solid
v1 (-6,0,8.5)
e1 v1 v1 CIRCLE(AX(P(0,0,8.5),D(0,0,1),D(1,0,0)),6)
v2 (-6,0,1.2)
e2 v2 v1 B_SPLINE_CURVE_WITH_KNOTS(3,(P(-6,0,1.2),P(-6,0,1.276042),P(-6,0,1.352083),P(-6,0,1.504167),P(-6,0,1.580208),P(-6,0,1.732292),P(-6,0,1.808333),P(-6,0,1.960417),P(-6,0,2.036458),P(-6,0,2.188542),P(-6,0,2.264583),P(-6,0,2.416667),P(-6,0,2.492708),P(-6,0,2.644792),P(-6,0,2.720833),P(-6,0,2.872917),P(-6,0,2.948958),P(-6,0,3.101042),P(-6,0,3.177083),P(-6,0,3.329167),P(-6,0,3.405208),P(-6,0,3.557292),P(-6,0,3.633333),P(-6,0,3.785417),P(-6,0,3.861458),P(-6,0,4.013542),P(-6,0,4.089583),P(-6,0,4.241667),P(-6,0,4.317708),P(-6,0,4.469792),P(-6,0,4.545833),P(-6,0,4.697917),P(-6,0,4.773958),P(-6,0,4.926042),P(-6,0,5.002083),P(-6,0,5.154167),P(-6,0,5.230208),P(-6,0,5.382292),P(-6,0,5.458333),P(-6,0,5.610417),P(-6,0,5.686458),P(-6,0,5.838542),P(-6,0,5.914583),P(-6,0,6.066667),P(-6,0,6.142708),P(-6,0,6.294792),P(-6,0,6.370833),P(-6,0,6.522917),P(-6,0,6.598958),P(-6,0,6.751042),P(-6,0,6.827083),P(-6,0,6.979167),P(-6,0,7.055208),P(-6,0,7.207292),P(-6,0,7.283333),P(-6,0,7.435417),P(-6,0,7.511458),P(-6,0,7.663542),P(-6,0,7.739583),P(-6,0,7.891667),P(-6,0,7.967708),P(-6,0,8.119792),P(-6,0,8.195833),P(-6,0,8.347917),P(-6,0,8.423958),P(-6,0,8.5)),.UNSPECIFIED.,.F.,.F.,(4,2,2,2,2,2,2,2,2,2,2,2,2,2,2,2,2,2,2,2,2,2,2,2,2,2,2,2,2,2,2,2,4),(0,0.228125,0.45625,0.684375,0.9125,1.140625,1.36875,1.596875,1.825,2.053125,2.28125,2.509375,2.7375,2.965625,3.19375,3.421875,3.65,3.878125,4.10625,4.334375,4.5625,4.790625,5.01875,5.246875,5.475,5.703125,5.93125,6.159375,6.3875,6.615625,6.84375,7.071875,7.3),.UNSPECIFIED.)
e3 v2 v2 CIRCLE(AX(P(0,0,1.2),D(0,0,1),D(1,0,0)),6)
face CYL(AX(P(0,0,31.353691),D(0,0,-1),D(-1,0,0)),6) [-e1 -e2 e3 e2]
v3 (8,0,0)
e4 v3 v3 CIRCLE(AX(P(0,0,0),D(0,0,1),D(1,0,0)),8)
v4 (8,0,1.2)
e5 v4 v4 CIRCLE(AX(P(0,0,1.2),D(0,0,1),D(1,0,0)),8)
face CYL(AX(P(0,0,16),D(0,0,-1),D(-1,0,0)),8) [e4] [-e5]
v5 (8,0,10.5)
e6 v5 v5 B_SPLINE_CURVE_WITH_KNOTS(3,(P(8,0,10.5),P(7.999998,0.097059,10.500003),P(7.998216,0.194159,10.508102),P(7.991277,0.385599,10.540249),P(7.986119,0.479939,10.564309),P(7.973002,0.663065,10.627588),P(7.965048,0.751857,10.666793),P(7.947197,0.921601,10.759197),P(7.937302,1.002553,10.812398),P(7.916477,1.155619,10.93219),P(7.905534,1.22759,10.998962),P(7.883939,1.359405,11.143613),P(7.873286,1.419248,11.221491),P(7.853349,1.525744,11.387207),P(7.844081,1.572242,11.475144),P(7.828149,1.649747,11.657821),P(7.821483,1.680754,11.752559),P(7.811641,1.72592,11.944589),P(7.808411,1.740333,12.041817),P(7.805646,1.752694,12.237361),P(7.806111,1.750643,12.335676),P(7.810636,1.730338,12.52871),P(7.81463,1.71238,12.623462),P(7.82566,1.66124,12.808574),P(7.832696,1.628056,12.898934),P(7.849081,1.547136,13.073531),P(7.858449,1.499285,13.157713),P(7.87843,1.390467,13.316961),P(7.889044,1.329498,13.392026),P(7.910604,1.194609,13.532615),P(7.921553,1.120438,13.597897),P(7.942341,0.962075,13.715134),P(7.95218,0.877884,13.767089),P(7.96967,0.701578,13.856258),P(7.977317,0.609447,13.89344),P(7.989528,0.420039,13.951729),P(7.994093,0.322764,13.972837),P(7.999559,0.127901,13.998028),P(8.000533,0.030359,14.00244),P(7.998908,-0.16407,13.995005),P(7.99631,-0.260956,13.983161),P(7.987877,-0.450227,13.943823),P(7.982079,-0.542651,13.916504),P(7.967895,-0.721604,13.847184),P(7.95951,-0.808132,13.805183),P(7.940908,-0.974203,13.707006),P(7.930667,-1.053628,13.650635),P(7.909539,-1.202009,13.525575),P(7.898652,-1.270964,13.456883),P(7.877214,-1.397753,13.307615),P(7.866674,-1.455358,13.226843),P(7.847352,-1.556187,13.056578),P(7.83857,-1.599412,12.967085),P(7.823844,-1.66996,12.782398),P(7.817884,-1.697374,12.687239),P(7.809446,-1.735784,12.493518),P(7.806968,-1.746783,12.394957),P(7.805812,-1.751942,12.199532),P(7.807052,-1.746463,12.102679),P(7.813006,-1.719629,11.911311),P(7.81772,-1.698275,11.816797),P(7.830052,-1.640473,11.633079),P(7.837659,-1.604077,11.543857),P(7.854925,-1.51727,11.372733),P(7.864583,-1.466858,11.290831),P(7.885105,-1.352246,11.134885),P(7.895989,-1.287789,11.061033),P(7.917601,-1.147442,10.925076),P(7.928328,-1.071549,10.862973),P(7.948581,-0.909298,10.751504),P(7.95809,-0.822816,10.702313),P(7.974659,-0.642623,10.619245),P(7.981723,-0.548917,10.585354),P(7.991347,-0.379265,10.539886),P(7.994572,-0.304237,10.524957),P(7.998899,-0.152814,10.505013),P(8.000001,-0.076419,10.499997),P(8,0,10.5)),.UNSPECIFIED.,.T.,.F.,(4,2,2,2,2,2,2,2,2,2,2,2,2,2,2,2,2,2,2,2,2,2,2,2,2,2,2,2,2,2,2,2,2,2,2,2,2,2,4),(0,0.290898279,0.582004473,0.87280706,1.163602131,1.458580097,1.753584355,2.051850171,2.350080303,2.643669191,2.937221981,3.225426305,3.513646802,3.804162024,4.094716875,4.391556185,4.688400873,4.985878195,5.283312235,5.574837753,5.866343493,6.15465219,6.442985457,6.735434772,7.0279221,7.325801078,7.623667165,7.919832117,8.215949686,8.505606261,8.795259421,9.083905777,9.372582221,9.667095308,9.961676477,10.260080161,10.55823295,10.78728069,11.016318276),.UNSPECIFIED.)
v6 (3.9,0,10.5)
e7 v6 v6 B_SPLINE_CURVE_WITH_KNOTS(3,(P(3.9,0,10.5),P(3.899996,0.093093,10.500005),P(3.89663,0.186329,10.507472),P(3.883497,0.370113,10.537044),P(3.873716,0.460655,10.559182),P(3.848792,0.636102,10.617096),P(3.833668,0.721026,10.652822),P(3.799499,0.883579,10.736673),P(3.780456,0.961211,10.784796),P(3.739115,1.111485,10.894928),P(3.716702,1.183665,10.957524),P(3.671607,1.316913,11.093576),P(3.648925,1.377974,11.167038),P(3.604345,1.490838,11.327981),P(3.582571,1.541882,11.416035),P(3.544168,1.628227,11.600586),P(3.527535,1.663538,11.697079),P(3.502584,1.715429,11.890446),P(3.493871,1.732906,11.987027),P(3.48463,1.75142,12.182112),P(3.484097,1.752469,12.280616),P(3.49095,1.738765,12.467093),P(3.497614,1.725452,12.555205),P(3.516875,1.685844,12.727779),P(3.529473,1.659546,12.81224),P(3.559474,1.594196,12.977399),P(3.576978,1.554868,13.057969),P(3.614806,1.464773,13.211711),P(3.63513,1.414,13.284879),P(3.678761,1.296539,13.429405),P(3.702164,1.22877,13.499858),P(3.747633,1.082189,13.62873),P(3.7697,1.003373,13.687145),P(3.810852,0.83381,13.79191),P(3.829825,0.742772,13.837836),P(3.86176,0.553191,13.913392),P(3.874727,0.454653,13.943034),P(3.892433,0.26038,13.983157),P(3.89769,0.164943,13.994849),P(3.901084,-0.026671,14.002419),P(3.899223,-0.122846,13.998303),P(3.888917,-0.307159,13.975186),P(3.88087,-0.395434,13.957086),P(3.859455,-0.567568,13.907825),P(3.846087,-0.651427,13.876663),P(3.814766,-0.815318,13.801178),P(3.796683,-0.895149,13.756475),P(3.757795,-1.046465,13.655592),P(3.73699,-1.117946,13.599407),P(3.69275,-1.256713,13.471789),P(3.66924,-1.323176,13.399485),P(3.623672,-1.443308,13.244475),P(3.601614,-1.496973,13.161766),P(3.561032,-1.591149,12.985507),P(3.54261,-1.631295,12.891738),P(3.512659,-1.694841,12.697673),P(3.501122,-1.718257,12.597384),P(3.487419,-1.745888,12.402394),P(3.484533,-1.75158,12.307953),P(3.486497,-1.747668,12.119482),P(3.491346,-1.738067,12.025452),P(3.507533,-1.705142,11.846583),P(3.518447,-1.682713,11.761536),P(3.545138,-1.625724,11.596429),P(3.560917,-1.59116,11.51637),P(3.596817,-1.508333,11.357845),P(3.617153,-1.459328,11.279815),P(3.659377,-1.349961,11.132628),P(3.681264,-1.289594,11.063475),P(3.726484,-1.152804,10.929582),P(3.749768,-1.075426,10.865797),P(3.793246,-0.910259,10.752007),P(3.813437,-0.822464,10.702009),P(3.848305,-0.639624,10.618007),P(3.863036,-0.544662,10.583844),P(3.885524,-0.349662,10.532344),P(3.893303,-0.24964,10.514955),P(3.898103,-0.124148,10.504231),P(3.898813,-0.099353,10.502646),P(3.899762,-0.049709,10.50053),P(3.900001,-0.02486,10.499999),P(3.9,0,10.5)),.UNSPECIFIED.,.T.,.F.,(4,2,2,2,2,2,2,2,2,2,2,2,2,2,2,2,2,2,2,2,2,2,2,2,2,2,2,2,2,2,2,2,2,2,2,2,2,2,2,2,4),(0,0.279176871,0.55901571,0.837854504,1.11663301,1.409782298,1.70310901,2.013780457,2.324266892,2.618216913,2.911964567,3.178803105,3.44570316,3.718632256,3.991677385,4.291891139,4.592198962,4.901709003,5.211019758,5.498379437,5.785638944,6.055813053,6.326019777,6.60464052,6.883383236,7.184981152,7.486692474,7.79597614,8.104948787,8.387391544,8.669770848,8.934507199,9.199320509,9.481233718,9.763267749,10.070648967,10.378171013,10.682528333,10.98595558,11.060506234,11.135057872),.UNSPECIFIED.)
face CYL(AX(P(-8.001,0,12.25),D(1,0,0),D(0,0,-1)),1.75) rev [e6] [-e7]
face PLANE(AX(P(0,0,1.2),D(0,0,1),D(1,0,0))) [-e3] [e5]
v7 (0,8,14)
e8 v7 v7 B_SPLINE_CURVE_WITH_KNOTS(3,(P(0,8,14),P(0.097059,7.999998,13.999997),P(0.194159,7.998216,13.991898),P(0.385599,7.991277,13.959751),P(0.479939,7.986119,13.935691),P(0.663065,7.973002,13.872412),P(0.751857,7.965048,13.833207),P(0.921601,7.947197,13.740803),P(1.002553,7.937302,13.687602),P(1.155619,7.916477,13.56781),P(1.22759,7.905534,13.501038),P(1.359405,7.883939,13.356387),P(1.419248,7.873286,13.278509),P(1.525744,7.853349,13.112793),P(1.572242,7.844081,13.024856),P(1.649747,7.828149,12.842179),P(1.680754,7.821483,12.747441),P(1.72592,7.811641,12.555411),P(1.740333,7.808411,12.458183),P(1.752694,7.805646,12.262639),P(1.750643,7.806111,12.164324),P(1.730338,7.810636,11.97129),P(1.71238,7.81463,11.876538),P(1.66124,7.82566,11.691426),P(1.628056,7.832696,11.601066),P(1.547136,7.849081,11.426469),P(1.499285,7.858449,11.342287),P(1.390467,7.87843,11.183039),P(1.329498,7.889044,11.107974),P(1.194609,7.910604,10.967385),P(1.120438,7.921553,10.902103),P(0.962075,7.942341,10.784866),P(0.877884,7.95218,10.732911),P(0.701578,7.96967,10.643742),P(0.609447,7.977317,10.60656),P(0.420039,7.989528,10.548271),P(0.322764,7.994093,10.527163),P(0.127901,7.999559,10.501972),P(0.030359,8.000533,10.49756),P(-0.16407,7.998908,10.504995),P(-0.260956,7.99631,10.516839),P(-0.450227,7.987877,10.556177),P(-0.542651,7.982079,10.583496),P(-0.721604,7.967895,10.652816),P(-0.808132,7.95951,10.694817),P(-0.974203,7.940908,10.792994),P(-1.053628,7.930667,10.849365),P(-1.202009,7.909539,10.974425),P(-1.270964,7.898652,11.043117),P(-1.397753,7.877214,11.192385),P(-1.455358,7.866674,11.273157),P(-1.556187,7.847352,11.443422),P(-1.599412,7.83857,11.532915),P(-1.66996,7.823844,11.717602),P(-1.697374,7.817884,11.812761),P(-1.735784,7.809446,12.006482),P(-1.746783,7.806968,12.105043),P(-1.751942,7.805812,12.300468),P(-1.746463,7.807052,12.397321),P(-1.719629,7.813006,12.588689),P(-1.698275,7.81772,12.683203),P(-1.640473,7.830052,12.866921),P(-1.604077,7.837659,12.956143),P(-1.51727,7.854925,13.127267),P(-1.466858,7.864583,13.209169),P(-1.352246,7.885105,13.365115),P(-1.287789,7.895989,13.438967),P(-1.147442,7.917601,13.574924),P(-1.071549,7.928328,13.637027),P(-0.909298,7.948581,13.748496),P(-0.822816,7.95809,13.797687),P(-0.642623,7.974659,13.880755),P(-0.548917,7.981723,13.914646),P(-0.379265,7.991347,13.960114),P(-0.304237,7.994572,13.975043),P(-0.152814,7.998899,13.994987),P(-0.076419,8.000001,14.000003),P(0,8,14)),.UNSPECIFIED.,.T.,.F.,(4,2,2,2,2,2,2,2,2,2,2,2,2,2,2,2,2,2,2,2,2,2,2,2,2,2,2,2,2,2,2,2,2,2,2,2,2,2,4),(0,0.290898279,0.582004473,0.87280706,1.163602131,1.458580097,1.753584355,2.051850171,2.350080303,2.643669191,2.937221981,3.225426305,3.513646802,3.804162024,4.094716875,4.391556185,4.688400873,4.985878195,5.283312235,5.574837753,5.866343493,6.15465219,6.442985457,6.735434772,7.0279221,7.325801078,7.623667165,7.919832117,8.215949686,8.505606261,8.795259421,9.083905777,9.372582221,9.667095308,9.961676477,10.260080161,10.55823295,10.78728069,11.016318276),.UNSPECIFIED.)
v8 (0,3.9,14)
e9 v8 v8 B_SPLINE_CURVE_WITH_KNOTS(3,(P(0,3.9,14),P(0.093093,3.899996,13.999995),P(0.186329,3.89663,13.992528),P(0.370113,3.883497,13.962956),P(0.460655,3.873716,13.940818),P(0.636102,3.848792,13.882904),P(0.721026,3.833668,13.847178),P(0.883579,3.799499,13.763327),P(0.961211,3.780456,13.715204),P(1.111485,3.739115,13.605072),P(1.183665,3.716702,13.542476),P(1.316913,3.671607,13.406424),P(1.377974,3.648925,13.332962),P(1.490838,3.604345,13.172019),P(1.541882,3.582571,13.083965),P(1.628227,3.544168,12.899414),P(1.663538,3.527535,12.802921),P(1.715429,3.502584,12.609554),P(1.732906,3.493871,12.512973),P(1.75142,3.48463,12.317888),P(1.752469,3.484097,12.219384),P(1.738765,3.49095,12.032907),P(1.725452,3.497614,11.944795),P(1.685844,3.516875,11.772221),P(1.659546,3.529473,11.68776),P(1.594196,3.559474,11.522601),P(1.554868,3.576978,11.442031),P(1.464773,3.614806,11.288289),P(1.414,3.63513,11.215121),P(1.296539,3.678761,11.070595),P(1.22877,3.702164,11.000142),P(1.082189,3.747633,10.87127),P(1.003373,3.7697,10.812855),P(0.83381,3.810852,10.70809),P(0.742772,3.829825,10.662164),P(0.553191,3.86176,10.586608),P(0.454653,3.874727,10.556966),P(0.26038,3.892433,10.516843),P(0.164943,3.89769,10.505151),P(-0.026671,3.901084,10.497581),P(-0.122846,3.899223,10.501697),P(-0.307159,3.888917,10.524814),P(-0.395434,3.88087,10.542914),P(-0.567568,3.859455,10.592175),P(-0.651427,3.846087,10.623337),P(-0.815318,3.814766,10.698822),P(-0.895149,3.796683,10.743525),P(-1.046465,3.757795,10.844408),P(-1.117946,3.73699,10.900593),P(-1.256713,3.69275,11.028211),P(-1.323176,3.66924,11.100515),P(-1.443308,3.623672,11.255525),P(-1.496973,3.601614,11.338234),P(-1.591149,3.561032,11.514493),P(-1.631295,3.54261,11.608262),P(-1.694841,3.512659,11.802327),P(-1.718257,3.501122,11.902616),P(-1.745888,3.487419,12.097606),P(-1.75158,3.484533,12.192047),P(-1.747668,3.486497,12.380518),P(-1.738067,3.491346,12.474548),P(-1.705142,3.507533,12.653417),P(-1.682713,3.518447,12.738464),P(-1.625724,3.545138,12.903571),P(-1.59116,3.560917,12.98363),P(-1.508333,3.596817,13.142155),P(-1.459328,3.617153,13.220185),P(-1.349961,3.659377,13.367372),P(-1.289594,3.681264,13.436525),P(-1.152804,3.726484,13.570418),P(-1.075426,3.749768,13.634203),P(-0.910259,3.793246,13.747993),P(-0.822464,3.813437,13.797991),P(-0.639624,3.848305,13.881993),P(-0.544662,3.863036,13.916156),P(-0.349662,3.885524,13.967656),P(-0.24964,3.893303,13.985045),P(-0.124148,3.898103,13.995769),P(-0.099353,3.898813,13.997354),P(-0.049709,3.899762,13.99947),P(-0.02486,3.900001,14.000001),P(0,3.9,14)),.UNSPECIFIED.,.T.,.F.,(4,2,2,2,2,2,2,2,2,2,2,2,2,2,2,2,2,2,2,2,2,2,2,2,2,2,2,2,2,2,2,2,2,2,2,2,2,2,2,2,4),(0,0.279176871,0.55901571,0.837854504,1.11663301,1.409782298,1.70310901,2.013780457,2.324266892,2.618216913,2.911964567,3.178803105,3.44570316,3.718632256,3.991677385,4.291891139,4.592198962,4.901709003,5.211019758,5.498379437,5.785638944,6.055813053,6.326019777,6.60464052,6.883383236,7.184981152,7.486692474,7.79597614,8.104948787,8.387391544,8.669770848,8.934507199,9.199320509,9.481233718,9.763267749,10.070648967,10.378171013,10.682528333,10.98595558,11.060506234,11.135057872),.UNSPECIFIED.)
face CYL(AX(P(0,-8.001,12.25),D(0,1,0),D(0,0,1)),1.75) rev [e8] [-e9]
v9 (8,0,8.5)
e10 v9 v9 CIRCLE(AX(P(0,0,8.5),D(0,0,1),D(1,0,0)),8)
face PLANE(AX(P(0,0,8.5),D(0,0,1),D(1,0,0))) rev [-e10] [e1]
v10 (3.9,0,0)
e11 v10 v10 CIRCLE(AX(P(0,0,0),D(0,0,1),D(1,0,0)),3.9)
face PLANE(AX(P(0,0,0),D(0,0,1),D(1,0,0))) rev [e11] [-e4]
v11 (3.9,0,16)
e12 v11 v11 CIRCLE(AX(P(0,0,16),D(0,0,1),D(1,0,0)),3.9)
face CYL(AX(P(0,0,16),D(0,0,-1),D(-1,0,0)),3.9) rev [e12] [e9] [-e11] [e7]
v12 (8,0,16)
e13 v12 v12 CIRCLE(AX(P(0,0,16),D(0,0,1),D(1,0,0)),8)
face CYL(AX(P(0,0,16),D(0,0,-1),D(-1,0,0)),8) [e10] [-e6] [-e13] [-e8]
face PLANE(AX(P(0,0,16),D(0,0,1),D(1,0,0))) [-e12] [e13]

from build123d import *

# Parameters (mm, degrees)
SKETCH2_R               = 8
SKETCH2_R_2             = 3.9
BOSS_EXTRUDE1_DEPTH     = 16
SKETCH3_OUTSIDE_W       = 23.542
SKETCH3_OUTSIDE_H       = 23.542
SKETCH3_OUTSIDE_R       = 6
CUT_EXTRUDE1_DEPTH      = 7.3
CUT_EXTRUDE2_REACH      = 26
CUT_EXTRUDE2_END_RADIUS = 3.9
SKETCH6_R               = 1.75
CUT_EXTRUDE3_REACH      = 26
CUT_EXTRUDE3_END_RADIUS = 3.9
SKETCH5_R               = 1.75


with BuildPart() as part:
    # Sketch2 → Boss-Extrude1 (new body)
    with BuildSketch(Plane.XY):
        Circle(SKETCH2_R)
        Circle(SKETCH2_R_2, mode=Mode.SUBTRACT)
    extrude(amount=BOSS_EXTRUDE1_DEPTH)

    # Sketch3 outside → Cut-Extrude1 (cut)
    with BuildSketch(Plane.XY.offset(1.2)):
        Rectangle(SKETCH3_OUTSIDE_W, SKETCH3_OUTSIDE_H)
        with Locations(Location((0, 0, 0), (0, 0, 180))):
            Circle(SKETCH3_OUTSIDE_R, mode=Mode.SUBTRACT)
    extrude(amount=CUT_EXTRUDE1_DEPTH, mode=Mode.SUBTRACT)

    # Cut-Extrude2: up to this cylinder (the profile starts outside it)
    cut_extrude2_end = Plane(origin=(0, 0, 12.25), z_dir=(0, 0, -1)) * Cylinder(CUT_EXTRUDE2_END_RADIUS, 60.8, mode=Mode.PRIVATE)
    # Sketch6 → Cut-Extrude2 (cut, up to the surface)
    with BuildSketch(Plane(origin=(8, 0, 0), x_dir=(0, 0, -1), z_dir=(1, 0, 0)), mode=Mode.PRIVATE) as cut_extrude2_sk1:
        with Locations((-12.25, 0)):
            Circle(SKETCH6_R)
    cut_extrude2_tool1 = extrude(cut_extrude2_sk1.sketch, amount=-CUT_EXTRUDE2_REACH, mode=Mode.PRIVATE) - cut_extrude2_end
    add(cut_extrude2_tool1.solids().sort_by_distance((8, 0, 12.25))[0], mode=Mode.SUBTRACT)

    # Cut-Extrude3: up to this cylinder (the profile starts outside it)
    cut_extrude3_end = Plane(origin=(0, 0, 12.25), z_dir=(0, 0, -1)) * Cylinder(CUT_EXTRUDE3_END_RADIUS, 60.8, mode=Mode.PRIVATE)
    # Sketch5 → Cut-Extrude3 (cut, up to the surface)
    with BuildSketch(Plane(origin=(0, 8, 0), x_dir=(1, 0, 0), z_dir=(0, 1, 0)), mode=Mode.PRIVATE) as cut_extrude3_sk1:
        with Locations(Location((0, -12.25, 0), (0, 0, 270))):
            Circle(SKETCH5_R)
    cut_extrude3_tool1 = extrude(cut_extrude3_sk1.sketch, amount=-CUT_EXTRUDE3_REACH, mode=Mode.PRIVATE) - cut_extrude3_end
    add(cut_extrude3_tool1.solids().sort_by_distance((0, 8, 12.25))[0], mode=Mode.SUBTRACT)


solid = part.part
